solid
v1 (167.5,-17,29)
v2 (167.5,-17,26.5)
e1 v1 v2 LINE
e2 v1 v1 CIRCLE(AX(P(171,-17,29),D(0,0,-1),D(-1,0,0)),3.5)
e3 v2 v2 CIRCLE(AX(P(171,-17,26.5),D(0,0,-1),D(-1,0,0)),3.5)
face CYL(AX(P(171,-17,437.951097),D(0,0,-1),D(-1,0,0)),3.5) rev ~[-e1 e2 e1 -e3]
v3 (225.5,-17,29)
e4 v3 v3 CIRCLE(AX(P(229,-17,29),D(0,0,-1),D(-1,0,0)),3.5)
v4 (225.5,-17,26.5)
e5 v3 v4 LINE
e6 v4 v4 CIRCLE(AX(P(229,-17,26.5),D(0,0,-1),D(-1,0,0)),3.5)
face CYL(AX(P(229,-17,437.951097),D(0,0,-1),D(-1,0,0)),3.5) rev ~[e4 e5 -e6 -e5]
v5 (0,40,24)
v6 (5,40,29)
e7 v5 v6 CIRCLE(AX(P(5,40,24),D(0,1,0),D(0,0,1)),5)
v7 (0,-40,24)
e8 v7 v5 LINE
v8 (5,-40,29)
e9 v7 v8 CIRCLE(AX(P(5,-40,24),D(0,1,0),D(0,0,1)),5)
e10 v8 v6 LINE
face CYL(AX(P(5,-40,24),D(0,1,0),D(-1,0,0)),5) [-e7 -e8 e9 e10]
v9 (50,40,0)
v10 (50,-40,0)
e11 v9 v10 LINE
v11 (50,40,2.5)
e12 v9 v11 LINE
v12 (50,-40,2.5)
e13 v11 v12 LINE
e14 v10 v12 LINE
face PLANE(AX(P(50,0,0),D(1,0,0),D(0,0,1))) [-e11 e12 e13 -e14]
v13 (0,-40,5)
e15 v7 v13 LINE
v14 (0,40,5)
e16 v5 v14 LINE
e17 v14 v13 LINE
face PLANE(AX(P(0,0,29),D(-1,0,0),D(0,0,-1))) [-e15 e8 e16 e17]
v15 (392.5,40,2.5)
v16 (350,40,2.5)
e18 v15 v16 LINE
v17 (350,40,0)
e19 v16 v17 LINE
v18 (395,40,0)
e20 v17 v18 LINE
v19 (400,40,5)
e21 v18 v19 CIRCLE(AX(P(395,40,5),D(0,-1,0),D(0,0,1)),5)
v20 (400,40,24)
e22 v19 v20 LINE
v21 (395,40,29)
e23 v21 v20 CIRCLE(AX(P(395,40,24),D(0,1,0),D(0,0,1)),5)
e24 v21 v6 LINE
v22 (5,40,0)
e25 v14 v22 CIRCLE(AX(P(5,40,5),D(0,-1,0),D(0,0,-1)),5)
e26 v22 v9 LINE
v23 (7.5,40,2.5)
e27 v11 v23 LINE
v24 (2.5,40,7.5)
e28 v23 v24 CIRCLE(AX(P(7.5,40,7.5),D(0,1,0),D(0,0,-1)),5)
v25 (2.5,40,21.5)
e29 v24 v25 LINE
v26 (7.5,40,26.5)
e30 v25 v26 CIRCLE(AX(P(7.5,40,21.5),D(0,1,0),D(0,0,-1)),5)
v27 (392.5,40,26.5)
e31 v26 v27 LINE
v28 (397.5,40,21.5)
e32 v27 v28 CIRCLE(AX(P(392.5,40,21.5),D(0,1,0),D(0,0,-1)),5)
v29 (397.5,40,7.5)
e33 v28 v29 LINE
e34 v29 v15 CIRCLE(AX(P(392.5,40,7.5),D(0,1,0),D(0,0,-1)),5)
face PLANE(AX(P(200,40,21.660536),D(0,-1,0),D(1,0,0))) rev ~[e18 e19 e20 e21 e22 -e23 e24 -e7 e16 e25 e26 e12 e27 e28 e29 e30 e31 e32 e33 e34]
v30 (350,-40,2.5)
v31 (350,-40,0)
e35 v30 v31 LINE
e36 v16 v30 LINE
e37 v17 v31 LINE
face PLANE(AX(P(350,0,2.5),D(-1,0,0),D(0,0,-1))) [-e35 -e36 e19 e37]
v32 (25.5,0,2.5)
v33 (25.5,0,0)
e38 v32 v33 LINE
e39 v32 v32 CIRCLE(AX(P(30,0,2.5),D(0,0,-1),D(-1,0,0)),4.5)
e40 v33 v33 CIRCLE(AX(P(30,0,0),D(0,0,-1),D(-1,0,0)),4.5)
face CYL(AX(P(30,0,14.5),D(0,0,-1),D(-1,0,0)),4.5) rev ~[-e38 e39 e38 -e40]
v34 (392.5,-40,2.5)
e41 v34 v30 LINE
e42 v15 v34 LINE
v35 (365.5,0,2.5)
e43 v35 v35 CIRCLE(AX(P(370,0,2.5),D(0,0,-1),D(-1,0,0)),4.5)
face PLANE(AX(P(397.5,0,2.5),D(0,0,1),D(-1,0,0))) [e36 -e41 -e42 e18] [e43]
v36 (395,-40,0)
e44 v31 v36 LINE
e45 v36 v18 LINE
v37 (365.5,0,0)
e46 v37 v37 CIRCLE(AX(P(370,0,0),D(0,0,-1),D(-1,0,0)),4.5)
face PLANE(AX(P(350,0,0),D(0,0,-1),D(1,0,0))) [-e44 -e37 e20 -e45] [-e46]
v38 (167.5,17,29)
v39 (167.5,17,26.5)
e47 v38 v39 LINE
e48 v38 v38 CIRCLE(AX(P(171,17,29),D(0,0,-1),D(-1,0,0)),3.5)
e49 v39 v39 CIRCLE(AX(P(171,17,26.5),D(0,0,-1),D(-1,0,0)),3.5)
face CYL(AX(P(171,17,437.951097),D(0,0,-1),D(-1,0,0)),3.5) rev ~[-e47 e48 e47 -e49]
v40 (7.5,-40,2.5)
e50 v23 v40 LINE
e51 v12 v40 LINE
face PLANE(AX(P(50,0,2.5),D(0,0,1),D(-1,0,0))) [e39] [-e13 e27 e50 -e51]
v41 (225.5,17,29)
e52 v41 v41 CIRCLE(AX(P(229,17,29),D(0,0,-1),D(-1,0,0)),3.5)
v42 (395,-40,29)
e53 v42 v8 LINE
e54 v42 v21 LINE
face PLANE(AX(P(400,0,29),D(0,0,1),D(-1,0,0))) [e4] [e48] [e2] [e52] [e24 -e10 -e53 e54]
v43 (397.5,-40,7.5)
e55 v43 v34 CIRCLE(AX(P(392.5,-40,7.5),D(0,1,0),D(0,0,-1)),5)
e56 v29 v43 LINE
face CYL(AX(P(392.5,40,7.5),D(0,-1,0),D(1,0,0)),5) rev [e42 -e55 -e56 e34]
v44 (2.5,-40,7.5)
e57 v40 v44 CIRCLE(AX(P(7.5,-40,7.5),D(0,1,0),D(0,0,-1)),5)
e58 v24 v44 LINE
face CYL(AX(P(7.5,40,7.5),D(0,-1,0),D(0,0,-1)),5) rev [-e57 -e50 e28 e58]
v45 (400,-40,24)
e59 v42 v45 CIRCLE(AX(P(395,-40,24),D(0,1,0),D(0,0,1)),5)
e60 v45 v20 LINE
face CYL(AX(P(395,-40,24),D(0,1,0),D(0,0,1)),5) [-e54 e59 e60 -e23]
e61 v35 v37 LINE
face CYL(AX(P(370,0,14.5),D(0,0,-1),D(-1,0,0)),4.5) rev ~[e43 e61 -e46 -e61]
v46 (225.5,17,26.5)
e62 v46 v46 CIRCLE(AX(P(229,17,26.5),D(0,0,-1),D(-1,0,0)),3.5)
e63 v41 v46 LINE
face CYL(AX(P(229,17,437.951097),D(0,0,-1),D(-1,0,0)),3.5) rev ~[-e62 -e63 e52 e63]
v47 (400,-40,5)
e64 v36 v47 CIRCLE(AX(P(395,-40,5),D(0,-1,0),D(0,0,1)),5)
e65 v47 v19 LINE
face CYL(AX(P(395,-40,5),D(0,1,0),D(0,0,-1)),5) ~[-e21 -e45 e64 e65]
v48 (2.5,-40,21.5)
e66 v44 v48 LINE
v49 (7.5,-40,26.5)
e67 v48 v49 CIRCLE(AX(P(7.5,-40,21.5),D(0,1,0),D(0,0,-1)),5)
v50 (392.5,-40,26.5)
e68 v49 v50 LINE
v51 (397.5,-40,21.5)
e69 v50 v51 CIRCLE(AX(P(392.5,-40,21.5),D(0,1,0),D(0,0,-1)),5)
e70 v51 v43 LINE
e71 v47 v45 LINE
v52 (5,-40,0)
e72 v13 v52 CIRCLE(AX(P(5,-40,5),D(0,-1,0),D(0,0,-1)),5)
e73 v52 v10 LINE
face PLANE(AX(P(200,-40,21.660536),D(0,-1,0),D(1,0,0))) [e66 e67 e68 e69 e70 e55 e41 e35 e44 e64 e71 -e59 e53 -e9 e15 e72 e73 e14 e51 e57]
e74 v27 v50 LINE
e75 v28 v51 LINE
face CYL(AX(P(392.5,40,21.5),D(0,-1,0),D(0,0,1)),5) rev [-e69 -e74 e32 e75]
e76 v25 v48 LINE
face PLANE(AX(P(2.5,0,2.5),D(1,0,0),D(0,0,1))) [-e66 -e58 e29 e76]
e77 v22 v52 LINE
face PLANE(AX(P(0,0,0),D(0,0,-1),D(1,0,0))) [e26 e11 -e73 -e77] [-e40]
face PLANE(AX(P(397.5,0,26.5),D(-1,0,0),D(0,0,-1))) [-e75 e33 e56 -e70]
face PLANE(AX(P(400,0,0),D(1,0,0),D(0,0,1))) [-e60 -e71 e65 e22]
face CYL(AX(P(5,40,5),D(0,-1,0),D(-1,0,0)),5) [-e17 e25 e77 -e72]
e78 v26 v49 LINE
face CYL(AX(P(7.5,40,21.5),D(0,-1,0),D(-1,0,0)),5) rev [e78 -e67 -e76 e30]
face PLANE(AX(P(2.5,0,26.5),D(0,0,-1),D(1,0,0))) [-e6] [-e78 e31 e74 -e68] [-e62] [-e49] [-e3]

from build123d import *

# Parameters (mm, degrees)
F1_DEPTH = 40
F4_D     = 9
F4_DEPTH = 12
F5_D     = 9
F5_DEPTH = 12
F7_D     = 7
F8_R     = 5


with BuildPart() as f1:
    # F0 (on Front) → F1 (new body, symmetric)
    with BuildSketch(Plane.XZ):
        Polygon((0, 29), (0, 0), (50, 0), (50, 2.5), (2.5, 2.5), (2.5, 26.5), (397.5, 26.5), (397.5, 2.5), (350, 2.5), (350, 0), (400, 0), (400, 29), align=None)
    extrude(amount=F1_DEPTH, both=True)

    # F4
    with Locations(Plane.XY.offset(2.5)):
        with Locations((370, 0)):
            Hole(F4_D / 2, depth=F4_DEPTH)

    # F5
    with Locations(Plane.XY.offset(2.5)):
        with Locations((30, 0)):
            Hole(F5_D / 2, depth=F5_DEPTH)

    # F7 (through all)
    with Locations(Plane.XY.offset(29)):
        with Locations((171, 17), (229, 17), (229, -17), (171, -17)):
            Hole(F7_D / 2)

    # F8
    f8_edges = [f1.edges().sort_by_distance(p)[0] for p in [
        (0, 0, 29),
        (0, 0, 0),
        (400, 0, 29),
        (400, 0, 0),
        (2.5, 0, 2.5),
        (2.5, 0, 26.5),
        (397.5, 0, 2.5),
        (397.5, 0, 26.5),
    ]]
    fillet(f8_edges, radius=F8_R)


solid = f1.part
